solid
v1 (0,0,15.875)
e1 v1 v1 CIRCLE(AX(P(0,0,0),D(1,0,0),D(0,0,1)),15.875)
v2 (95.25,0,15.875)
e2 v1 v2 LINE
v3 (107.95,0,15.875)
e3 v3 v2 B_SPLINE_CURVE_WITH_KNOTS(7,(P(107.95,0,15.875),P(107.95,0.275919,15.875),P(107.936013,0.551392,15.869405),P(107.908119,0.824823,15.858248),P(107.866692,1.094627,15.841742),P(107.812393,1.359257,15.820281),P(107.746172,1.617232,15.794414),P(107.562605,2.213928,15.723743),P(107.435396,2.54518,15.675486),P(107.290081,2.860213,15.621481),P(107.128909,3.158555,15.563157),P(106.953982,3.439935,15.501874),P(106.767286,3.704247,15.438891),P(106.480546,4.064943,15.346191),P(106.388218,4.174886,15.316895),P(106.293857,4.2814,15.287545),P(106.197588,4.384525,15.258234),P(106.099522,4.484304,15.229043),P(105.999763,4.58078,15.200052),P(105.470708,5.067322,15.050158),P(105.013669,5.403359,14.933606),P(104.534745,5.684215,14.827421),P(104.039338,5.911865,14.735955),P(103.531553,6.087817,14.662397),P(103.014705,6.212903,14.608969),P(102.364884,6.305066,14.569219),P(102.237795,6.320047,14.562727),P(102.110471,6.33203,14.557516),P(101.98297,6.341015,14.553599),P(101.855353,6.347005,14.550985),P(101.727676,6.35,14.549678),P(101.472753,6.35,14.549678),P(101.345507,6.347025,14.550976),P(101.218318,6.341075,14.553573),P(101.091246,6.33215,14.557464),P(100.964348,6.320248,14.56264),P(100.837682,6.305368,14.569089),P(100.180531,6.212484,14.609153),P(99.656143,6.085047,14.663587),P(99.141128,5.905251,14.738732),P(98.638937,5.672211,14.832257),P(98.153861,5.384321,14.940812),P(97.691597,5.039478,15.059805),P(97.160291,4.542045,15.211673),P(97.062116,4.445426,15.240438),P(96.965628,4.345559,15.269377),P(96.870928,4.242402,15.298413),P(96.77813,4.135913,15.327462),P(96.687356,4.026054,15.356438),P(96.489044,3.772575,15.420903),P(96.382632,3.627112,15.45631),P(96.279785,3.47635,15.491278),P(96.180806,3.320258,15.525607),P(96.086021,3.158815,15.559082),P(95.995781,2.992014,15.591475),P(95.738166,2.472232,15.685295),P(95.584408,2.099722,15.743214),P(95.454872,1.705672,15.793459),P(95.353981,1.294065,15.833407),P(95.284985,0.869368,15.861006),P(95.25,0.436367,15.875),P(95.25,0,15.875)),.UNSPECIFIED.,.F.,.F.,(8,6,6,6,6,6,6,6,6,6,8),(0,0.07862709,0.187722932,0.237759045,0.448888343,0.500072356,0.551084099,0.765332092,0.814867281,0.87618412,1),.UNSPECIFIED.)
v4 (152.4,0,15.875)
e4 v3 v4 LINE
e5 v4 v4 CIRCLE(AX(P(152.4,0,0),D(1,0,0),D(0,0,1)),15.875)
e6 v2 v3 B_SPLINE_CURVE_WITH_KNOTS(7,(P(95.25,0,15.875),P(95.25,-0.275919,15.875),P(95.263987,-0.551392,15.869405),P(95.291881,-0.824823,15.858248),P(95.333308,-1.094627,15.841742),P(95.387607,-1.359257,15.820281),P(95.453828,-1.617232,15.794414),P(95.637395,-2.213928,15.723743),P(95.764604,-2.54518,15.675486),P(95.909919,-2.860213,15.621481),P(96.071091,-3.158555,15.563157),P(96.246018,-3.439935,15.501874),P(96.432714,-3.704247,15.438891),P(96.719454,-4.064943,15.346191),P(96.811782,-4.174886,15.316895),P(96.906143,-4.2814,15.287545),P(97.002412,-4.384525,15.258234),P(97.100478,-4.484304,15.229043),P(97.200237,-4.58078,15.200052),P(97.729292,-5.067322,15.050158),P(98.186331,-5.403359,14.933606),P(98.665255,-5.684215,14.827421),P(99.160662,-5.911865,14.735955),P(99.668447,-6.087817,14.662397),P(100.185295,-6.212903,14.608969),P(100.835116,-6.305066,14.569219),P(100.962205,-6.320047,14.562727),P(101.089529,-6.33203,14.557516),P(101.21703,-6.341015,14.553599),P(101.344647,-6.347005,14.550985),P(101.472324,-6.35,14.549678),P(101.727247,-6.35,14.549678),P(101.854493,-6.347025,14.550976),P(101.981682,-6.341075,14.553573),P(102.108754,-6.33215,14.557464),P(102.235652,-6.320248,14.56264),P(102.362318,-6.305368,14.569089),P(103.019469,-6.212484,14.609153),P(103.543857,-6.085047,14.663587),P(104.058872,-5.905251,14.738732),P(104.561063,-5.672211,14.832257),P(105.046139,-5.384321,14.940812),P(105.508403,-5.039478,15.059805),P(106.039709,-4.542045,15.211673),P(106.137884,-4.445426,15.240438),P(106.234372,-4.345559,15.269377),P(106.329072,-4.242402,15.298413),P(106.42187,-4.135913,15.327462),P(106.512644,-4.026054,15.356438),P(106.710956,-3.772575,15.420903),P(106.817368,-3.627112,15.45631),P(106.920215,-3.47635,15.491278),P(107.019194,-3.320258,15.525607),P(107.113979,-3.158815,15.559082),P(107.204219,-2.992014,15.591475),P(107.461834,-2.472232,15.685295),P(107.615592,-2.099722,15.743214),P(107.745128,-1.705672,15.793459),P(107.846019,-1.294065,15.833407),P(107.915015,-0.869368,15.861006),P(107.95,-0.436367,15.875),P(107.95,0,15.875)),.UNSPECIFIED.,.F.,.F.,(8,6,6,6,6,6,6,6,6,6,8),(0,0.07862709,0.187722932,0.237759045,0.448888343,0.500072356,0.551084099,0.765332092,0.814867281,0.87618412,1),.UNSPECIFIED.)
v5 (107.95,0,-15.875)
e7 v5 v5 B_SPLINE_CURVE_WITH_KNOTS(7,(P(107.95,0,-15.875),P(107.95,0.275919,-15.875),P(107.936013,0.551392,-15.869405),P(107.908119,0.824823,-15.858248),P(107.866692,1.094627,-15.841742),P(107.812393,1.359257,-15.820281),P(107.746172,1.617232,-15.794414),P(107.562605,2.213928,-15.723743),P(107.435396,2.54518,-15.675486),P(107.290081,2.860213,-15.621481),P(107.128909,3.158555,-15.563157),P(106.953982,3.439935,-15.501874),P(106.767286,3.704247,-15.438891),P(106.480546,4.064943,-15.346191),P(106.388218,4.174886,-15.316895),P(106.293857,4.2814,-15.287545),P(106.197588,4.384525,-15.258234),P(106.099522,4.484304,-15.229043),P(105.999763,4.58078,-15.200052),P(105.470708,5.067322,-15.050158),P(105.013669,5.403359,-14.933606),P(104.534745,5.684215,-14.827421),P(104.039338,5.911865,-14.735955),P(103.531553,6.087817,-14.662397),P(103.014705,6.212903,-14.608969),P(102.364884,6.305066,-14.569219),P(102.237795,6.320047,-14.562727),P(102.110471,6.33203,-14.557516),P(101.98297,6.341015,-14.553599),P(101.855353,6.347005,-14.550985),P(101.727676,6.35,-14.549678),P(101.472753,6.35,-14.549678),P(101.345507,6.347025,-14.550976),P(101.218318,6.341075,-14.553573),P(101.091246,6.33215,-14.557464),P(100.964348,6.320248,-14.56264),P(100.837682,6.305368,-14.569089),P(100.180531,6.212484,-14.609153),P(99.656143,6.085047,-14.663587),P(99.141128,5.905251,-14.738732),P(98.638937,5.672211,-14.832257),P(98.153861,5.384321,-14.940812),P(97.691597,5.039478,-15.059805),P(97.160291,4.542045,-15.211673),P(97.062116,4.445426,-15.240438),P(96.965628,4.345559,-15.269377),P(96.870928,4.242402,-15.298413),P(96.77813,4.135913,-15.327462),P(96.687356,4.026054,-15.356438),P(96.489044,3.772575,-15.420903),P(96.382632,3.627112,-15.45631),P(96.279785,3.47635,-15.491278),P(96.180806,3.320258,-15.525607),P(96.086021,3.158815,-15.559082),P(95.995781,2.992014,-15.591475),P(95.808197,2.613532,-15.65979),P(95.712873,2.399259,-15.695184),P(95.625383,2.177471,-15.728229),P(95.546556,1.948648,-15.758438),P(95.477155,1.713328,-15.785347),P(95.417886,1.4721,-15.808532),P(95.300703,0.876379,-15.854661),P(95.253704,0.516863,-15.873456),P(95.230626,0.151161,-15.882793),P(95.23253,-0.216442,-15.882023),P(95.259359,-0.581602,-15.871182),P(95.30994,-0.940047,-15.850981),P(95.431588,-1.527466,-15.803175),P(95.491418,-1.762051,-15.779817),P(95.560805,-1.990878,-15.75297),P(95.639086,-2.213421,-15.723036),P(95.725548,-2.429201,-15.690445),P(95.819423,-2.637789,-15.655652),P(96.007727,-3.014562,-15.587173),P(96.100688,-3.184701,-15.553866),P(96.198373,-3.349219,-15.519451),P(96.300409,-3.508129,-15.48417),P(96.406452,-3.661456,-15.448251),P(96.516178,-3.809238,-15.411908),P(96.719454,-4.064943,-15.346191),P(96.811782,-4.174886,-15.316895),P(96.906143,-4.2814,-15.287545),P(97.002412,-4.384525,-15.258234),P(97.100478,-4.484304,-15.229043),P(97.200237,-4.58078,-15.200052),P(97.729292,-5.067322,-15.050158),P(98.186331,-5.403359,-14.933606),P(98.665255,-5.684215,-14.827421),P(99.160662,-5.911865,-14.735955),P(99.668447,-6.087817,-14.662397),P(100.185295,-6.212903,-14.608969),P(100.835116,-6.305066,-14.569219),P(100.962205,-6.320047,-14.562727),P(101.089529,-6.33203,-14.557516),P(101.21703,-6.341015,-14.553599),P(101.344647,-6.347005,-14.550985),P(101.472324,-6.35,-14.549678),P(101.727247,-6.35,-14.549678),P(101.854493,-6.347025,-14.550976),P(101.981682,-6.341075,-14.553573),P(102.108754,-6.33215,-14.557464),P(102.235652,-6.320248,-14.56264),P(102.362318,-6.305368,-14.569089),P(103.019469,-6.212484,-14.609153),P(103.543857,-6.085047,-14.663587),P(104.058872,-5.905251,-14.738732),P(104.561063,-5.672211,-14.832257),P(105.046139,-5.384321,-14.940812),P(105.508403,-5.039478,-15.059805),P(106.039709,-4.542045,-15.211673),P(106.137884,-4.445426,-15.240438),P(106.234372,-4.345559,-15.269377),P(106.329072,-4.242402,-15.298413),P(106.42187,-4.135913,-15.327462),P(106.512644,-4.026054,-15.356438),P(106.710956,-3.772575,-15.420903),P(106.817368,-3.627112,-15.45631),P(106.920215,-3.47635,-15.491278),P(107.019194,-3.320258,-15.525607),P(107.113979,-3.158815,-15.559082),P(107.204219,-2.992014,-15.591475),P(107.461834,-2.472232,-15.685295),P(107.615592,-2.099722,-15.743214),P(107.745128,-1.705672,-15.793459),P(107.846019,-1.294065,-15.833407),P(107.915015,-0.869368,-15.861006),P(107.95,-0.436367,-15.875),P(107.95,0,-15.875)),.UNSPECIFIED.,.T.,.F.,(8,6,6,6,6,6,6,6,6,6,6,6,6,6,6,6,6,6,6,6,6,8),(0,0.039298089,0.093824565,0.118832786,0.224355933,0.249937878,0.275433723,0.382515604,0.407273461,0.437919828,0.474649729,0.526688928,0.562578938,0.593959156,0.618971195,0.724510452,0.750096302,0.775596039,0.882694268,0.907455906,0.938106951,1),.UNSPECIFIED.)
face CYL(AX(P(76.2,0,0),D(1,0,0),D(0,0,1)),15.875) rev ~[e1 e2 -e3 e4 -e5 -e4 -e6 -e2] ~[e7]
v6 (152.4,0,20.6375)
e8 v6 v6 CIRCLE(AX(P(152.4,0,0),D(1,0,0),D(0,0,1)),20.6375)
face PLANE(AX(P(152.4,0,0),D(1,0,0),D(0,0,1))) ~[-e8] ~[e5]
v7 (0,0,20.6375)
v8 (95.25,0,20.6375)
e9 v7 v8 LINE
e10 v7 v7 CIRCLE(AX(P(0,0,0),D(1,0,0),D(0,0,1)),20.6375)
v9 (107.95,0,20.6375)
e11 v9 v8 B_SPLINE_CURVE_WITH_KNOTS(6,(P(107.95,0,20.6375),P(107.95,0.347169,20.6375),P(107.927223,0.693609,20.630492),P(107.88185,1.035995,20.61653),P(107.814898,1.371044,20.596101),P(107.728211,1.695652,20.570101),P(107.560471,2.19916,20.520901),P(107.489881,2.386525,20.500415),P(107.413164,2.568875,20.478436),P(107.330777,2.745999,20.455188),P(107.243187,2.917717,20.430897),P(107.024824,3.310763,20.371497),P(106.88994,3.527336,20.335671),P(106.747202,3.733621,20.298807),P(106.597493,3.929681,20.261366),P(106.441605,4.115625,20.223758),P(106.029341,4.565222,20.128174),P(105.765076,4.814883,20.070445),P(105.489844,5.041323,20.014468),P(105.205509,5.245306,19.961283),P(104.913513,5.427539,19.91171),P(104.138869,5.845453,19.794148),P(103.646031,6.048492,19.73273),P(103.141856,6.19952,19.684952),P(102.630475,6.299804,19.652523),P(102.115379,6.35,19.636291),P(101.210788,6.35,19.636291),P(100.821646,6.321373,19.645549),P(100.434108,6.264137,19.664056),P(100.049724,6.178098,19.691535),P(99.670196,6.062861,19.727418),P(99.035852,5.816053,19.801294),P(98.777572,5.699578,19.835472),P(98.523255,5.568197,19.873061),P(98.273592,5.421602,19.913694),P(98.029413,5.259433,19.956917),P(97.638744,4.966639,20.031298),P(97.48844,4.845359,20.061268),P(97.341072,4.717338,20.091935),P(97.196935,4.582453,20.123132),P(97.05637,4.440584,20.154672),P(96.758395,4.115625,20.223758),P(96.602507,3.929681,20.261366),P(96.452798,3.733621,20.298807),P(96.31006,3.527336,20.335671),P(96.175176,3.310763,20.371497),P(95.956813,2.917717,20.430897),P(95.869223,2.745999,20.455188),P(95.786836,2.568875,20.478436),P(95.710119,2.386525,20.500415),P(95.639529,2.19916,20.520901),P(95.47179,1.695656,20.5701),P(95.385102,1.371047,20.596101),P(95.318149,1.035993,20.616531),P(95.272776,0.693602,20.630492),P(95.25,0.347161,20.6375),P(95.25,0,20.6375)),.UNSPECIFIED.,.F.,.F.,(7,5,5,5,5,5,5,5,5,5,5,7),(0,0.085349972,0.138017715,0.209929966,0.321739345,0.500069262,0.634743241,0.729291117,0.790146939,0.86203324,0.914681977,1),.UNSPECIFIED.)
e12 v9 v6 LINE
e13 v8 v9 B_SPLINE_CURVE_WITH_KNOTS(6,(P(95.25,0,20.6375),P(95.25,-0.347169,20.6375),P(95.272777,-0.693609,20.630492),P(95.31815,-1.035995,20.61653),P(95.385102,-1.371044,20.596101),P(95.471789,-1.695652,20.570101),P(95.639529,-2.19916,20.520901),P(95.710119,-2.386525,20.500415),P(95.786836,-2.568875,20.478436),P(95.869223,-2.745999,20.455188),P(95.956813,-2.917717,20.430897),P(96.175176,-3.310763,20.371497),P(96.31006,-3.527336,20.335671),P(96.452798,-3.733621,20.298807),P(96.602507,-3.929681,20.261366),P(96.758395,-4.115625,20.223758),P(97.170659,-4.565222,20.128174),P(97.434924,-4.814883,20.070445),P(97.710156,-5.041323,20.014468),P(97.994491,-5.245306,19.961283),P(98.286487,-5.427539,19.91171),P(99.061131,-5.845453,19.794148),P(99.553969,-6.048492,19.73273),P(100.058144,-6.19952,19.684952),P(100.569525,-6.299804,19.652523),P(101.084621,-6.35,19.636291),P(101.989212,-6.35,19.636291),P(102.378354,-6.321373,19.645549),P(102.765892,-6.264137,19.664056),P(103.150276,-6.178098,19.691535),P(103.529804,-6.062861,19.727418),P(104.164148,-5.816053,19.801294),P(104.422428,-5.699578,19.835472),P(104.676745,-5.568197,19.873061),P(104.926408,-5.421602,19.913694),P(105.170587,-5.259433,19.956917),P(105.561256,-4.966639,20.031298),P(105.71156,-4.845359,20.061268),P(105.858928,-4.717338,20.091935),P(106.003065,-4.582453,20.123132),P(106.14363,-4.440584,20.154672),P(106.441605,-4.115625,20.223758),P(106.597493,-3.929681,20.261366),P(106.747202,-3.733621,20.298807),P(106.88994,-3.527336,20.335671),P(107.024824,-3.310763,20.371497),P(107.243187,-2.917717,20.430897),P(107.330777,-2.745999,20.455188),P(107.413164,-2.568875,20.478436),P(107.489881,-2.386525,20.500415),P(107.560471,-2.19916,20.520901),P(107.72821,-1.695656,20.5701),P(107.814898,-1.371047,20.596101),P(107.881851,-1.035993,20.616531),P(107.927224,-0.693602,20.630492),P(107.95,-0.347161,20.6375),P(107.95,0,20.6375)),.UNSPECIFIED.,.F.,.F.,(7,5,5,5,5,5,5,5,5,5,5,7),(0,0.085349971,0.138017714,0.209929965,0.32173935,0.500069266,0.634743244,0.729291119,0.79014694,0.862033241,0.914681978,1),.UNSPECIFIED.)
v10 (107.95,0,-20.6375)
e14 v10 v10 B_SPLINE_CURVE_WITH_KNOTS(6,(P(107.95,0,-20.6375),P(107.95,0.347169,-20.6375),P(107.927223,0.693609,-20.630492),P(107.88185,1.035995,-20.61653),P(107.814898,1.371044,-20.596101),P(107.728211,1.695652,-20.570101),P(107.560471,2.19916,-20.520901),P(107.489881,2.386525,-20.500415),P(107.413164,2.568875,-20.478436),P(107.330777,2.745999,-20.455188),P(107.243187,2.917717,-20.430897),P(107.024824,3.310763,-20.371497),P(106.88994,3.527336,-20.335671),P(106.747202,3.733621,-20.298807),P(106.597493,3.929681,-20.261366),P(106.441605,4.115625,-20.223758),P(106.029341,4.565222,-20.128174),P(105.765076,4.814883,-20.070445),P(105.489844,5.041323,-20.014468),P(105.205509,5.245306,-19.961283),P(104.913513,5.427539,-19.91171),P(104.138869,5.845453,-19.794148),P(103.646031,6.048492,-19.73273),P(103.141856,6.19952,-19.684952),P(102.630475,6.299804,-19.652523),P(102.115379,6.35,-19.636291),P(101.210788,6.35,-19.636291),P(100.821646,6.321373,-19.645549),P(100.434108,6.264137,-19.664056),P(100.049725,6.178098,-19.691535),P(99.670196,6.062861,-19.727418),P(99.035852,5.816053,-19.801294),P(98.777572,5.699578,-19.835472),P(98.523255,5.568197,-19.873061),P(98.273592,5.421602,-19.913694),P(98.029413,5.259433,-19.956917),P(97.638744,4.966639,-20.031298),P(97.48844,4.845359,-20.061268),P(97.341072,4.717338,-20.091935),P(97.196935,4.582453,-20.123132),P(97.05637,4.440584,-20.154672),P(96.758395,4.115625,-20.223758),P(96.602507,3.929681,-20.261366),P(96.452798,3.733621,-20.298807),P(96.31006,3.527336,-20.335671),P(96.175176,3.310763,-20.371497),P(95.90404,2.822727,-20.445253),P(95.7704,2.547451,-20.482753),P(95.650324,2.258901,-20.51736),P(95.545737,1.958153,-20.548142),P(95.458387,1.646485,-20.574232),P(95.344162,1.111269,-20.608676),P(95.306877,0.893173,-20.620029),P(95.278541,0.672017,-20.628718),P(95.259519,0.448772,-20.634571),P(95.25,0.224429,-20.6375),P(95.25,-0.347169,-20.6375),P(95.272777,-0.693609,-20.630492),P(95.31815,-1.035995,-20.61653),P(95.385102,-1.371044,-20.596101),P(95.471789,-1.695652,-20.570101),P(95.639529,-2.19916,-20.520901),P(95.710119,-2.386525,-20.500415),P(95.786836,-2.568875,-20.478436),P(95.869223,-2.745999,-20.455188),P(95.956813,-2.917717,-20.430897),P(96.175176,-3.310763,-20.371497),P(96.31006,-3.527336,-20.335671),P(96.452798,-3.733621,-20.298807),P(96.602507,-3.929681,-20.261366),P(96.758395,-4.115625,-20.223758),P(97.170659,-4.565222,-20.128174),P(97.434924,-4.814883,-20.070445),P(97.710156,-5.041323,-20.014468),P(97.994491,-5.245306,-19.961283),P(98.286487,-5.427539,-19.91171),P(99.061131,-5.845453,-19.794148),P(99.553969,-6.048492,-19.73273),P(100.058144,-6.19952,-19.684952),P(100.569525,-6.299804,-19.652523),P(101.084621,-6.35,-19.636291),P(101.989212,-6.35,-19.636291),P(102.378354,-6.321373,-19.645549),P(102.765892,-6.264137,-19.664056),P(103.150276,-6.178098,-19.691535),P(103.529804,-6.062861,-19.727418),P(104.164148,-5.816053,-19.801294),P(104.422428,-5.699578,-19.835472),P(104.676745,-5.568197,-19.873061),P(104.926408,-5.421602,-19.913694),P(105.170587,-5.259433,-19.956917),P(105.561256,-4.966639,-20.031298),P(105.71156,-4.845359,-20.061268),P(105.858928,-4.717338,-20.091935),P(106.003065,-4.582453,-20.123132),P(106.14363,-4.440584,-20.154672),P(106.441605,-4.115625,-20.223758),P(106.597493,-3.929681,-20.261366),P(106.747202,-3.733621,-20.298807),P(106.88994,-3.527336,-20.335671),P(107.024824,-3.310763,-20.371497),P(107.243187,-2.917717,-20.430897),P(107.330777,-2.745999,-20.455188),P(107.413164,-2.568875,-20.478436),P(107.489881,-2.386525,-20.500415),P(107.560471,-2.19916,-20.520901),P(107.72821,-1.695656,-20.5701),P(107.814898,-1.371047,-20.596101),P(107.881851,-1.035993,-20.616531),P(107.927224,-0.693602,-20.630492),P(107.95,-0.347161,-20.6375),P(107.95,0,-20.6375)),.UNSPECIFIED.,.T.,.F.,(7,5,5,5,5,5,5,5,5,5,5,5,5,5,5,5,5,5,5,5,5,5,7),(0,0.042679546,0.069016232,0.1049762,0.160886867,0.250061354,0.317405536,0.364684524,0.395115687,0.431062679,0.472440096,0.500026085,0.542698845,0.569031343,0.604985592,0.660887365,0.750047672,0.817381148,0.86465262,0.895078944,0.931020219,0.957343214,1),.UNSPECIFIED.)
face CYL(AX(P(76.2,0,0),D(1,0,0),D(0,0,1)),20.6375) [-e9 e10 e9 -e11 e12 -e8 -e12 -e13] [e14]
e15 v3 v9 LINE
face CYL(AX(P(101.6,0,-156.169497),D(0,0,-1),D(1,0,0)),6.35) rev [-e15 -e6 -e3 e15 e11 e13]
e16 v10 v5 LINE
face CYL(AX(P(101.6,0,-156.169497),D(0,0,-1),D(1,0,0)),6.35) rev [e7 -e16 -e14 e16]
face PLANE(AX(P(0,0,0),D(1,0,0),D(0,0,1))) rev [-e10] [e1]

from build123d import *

# Parameters (mm, degrees)
SKETCH1_W               = 152.4
SKETCH1_H               = 4.7625
CUT_EXTRUDE1_DEPTH      = 156.169497043
CUT_EXTRUDE1_DEPTH_BACK = 156.169497043
SKETCH2_R               = 6.35


with BuildPart() as part:
    # Sketch1 → Revolve1 (revolve)
    with BuildSketch(Plane.XY, mode=Mode.PRIVATE) as revolve1_sk:
        with Locations((76.2, 18.25625)):
            Rectangle(SKETCH1_W, SKETCH1_H)
    revolve(revolve1_sk.sketch.rotate(Axis((0, 0, 0), (1, 0, 0)), 90), axis=Axis((0, 0, 0), (1, 0, 0)))

    # Sketch2 → Cut-Extrude1 (cut, two sides: drawn at the far end of the back side and taken through both)
    with BuildSketch(Plane.XY.offset(-CUT_EXTRUDE1_DEPTH_BACK)):
        with Locations((101.6, 0)):
            Circle(SKETCH2_R)
    extrude(amount=CUT_EXTRUDE1_DEPTH + CUT_EXTRUDE1_DEPTH_BACK, mode=Mode.SUBTRACT)


solid = part.part
